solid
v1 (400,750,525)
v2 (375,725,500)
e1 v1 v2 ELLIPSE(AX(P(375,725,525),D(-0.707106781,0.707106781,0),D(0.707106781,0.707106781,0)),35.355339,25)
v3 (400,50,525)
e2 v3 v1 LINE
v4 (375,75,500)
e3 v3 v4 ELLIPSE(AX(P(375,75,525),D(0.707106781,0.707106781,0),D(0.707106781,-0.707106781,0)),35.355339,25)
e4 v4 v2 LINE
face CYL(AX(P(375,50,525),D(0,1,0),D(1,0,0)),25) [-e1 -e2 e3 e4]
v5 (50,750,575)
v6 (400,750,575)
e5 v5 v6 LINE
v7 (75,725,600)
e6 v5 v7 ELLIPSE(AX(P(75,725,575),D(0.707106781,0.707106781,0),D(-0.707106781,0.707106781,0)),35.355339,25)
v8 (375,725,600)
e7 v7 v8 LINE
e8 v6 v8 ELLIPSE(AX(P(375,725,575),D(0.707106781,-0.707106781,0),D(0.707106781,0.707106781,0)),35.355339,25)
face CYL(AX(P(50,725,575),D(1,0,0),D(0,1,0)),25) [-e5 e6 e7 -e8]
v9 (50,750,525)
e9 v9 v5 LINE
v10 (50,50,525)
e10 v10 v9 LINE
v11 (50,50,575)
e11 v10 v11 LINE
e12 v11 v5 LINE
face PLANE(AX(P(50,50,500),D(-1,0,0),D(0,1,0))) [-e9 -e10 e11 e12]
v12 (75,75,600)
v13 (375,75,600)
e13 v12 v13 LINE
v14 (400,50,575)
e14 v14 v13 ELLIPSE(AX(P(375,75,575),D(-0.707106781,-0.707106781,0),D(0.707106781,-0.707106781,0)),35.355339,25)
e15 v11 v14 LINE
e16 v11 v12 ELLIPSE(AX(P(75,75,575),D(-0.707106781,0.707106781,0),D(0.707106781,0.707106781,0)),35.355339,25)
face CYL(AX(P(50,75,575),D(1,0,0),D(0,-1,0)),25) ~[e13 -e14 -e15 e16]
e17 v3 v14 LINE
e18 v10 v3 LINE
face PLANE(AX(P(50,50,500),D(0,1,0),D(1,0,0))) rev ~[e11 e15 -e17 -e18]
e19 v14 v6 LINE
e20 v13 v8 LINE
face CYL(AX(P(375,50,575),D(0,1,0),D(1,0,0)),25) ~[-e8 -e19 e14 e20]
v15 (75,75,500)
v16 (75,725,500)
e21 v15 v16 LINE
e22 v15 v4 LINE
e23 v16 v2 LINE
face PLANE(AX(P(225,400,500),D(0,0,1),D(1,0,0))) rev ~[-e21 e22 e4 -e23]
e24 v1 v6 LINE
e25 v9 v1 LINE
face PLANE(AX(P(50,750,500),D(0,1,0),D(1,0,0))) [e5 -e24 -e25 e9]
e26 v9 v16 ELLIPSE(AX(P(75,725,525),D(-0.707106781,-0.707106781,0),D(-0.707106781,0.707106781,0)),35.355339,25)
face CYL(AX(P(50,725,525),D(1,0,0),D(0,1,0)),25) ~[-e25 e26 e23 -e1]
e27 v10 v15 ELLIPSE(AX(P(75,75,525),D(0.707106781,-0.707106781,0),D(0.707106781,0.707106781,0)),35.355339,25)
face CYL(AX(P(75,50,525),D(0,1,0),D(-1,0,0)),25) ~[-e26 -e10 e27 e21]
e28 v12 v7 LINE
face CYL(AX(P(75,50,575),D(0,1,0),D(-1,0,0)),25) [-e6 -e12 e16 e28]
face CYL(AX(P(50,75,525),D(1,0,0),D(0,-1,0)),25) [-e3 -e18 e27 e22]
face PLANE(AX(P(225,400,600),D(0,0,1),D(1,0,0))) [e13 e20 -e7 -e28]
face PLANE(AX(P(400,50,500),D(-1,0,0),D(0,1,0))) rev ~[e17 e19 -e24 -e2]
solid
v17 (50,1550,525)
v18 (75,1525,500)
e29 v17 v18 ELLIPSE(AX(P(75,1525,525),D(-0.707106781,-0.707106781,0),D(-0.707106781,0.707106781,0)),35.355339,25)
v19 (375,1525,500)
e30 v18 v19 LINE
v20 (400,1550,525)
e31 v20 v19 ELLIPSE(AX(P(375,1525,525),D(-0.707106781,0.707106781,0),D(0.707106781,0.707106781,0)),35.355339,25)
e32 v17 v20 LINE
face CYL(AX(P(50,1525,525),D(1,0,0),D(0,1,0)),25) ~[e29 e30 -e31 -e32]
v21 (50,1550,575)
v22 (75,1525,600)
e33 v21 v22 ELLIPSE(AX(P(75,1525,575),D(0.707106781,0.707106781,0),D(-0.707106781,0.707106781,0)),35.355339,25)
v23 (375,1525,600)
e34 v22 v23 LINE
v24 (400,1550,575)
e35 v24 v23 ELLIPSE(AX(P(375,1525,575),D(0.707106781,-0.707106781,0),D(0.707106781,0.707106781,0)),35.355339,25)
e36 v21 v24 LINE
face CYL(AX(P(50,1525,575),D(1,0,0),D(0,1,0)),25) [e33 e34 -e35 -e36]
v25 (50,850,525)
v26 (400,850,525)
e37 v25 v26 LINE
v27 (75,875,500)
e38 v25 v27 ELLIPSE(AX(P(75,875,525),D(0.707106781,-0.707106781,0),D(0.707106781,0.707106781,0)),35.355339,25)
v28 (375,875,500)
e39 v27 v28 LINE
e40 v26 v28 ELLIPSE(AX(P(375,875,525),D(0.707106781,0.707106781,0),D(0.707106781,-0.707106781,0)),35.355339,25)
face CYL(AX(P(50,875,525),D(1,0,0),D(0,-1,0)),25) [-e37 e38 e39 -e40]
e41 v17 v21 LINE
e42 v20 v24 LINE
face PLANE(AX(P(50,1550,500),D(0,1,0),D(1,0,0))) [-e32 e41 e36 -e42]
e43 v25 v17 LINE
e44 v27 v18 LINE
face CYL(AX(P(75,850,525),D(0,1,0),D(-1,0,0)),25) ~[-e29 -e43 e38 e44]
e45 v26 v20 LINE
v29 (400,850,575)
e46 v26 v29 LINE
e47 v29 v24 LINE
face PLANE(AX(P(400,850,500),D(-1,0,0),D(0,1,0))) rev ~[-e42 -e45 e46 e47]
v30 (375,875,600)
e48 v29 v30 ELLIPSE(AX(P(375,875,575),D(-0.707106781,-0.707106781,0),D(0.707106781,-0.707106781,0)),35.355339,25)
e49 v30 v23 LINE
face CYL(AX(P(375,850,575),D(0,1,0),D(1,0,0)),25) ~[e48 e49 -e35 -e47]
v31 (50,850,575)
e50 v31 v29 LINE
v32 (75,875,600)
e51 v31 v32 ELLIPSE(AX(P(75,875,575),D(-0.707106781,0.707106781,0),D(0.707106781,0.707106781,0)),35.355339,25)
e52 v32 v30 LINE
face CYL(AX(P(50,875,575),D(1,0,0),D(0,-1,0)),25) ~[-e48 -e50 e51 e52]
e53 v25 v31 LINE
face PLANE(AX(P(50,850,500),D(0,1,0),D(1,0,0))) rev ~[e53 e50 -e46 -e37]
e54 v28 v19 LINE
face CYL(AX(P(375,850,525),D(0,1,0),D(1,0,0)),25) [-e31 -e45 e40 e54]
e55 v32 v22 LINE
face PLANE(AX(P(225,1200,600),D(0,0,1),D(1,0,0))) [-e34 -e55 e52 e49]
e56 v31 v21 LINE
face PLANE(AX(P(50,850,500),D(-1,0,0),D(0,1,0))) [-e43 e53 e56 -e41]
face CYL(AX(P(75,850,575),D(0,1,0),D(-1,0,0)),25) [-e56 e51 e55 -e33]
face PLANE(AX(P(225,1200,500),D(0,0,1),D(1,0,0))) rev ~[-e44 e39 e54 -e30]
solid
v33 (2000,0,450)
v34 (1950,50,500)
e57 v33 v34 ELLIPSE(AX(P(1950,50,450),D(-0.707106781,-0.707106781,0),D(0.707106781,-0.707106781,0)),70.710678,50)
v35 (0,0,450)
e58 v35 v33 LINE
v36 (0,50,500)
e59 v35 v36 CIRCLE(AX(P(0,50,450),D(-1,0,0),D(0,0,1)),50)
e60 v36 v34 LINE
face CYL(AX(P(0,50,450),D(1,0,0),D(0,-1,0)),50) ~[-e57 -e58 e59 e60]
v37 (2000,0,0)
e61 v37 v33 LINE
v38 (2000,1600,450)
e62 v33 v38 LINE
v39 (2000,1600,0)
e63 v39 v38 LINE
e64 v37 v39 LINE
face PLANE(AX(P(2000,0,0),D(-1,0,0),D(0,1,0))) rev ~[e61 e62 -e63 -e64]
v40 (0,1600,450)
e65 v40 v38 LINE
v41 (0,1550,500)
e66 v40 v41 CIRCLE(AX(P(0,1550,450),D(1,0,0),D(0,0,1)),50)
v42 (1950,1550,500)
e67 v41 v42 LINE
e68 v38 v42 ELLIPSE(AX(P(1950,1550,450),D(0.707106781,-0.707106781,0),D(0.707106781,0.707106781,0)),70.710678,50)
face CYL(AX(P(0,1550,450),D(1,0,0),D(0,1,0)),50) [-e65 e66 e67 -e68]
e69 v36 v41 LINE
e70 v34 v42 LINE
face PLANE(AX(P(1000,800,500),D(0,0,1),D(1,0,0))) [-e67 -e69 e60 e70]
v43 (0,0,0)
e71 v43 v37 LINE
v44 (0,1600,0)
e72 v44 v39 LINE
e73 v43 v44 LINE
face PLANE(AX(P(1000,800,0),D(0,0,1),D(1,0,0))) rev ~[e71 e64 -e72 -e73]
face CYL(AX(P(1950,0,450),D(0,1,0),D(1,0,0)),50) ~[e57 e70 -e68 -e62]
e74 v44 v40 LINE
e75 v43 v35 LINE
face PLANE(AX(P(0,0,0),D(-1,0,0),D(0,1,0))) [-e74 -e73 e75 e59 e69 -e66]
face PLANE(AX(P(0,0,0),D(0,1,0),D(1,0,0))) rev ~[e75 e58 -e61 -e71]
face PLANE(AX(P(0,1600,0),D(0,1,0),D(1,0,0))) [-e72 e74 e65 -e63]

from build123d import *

# Parameters (mm, degrees)
F0_W     = 2000
F0_H     = 1600
F1_DEPTH = 500
F2_W     = 350
F2_H     = 700
F3_DEPTH = 100
F4_R     = 25
F5_R     = 50


with BuildPart() as f1:
    # F0 (on Top) → F1 (new body)
    with BuildSketch(Plane.XY):
        with Locations((1000, 800)):
            Rectangle(F0_W, F0_H)
    extrude(amount=F1_DEPTH)

    # F5
    f5_edges = [f1.edges().sort_by_distance(p)[0] for p in [
        (1000, 0, 500),
        (2000, 800, 500),
        (1000, 1600, 500),
    ]]
    fillet(f5_edges, radius=F5_R)


with BuildPart() as f3:
    # F2 (on face) → F3 (new body)
    with BuildSketch(Plane.XY.offset(500)):
        with Locations((225, 400)):
            Rectangle(F2_W, F2_H)
        with Locations((225, 1200)):
            Rectangle(F2_W, F2_H)
    extrude(amount=F3_DEPTH)

    # F4
    f4_edges = [f3.edges().sort_by_distance(p)[0] for p in [
        (225, 50, 600),
        (50, 400, 600),
        (225, 750, 600),
        (400, 400, 600),
        (225, 50, 500),
        (400, 400, 500),
        (50, 400, 500),
        (225, 750, 500),
        (50, 1200, 600),
        (225, 850, 600),
        (400, 1200, 600),
        (225, 1550, 600),
        (50, 1200, 500),
        (225, 850, 500),
        (225, 1550, 500),
        (400, 1200, 500),
    ]]
    fillet(f4_edges, radius=F4_R)


solid = Compound([f1.part, f3.part])
